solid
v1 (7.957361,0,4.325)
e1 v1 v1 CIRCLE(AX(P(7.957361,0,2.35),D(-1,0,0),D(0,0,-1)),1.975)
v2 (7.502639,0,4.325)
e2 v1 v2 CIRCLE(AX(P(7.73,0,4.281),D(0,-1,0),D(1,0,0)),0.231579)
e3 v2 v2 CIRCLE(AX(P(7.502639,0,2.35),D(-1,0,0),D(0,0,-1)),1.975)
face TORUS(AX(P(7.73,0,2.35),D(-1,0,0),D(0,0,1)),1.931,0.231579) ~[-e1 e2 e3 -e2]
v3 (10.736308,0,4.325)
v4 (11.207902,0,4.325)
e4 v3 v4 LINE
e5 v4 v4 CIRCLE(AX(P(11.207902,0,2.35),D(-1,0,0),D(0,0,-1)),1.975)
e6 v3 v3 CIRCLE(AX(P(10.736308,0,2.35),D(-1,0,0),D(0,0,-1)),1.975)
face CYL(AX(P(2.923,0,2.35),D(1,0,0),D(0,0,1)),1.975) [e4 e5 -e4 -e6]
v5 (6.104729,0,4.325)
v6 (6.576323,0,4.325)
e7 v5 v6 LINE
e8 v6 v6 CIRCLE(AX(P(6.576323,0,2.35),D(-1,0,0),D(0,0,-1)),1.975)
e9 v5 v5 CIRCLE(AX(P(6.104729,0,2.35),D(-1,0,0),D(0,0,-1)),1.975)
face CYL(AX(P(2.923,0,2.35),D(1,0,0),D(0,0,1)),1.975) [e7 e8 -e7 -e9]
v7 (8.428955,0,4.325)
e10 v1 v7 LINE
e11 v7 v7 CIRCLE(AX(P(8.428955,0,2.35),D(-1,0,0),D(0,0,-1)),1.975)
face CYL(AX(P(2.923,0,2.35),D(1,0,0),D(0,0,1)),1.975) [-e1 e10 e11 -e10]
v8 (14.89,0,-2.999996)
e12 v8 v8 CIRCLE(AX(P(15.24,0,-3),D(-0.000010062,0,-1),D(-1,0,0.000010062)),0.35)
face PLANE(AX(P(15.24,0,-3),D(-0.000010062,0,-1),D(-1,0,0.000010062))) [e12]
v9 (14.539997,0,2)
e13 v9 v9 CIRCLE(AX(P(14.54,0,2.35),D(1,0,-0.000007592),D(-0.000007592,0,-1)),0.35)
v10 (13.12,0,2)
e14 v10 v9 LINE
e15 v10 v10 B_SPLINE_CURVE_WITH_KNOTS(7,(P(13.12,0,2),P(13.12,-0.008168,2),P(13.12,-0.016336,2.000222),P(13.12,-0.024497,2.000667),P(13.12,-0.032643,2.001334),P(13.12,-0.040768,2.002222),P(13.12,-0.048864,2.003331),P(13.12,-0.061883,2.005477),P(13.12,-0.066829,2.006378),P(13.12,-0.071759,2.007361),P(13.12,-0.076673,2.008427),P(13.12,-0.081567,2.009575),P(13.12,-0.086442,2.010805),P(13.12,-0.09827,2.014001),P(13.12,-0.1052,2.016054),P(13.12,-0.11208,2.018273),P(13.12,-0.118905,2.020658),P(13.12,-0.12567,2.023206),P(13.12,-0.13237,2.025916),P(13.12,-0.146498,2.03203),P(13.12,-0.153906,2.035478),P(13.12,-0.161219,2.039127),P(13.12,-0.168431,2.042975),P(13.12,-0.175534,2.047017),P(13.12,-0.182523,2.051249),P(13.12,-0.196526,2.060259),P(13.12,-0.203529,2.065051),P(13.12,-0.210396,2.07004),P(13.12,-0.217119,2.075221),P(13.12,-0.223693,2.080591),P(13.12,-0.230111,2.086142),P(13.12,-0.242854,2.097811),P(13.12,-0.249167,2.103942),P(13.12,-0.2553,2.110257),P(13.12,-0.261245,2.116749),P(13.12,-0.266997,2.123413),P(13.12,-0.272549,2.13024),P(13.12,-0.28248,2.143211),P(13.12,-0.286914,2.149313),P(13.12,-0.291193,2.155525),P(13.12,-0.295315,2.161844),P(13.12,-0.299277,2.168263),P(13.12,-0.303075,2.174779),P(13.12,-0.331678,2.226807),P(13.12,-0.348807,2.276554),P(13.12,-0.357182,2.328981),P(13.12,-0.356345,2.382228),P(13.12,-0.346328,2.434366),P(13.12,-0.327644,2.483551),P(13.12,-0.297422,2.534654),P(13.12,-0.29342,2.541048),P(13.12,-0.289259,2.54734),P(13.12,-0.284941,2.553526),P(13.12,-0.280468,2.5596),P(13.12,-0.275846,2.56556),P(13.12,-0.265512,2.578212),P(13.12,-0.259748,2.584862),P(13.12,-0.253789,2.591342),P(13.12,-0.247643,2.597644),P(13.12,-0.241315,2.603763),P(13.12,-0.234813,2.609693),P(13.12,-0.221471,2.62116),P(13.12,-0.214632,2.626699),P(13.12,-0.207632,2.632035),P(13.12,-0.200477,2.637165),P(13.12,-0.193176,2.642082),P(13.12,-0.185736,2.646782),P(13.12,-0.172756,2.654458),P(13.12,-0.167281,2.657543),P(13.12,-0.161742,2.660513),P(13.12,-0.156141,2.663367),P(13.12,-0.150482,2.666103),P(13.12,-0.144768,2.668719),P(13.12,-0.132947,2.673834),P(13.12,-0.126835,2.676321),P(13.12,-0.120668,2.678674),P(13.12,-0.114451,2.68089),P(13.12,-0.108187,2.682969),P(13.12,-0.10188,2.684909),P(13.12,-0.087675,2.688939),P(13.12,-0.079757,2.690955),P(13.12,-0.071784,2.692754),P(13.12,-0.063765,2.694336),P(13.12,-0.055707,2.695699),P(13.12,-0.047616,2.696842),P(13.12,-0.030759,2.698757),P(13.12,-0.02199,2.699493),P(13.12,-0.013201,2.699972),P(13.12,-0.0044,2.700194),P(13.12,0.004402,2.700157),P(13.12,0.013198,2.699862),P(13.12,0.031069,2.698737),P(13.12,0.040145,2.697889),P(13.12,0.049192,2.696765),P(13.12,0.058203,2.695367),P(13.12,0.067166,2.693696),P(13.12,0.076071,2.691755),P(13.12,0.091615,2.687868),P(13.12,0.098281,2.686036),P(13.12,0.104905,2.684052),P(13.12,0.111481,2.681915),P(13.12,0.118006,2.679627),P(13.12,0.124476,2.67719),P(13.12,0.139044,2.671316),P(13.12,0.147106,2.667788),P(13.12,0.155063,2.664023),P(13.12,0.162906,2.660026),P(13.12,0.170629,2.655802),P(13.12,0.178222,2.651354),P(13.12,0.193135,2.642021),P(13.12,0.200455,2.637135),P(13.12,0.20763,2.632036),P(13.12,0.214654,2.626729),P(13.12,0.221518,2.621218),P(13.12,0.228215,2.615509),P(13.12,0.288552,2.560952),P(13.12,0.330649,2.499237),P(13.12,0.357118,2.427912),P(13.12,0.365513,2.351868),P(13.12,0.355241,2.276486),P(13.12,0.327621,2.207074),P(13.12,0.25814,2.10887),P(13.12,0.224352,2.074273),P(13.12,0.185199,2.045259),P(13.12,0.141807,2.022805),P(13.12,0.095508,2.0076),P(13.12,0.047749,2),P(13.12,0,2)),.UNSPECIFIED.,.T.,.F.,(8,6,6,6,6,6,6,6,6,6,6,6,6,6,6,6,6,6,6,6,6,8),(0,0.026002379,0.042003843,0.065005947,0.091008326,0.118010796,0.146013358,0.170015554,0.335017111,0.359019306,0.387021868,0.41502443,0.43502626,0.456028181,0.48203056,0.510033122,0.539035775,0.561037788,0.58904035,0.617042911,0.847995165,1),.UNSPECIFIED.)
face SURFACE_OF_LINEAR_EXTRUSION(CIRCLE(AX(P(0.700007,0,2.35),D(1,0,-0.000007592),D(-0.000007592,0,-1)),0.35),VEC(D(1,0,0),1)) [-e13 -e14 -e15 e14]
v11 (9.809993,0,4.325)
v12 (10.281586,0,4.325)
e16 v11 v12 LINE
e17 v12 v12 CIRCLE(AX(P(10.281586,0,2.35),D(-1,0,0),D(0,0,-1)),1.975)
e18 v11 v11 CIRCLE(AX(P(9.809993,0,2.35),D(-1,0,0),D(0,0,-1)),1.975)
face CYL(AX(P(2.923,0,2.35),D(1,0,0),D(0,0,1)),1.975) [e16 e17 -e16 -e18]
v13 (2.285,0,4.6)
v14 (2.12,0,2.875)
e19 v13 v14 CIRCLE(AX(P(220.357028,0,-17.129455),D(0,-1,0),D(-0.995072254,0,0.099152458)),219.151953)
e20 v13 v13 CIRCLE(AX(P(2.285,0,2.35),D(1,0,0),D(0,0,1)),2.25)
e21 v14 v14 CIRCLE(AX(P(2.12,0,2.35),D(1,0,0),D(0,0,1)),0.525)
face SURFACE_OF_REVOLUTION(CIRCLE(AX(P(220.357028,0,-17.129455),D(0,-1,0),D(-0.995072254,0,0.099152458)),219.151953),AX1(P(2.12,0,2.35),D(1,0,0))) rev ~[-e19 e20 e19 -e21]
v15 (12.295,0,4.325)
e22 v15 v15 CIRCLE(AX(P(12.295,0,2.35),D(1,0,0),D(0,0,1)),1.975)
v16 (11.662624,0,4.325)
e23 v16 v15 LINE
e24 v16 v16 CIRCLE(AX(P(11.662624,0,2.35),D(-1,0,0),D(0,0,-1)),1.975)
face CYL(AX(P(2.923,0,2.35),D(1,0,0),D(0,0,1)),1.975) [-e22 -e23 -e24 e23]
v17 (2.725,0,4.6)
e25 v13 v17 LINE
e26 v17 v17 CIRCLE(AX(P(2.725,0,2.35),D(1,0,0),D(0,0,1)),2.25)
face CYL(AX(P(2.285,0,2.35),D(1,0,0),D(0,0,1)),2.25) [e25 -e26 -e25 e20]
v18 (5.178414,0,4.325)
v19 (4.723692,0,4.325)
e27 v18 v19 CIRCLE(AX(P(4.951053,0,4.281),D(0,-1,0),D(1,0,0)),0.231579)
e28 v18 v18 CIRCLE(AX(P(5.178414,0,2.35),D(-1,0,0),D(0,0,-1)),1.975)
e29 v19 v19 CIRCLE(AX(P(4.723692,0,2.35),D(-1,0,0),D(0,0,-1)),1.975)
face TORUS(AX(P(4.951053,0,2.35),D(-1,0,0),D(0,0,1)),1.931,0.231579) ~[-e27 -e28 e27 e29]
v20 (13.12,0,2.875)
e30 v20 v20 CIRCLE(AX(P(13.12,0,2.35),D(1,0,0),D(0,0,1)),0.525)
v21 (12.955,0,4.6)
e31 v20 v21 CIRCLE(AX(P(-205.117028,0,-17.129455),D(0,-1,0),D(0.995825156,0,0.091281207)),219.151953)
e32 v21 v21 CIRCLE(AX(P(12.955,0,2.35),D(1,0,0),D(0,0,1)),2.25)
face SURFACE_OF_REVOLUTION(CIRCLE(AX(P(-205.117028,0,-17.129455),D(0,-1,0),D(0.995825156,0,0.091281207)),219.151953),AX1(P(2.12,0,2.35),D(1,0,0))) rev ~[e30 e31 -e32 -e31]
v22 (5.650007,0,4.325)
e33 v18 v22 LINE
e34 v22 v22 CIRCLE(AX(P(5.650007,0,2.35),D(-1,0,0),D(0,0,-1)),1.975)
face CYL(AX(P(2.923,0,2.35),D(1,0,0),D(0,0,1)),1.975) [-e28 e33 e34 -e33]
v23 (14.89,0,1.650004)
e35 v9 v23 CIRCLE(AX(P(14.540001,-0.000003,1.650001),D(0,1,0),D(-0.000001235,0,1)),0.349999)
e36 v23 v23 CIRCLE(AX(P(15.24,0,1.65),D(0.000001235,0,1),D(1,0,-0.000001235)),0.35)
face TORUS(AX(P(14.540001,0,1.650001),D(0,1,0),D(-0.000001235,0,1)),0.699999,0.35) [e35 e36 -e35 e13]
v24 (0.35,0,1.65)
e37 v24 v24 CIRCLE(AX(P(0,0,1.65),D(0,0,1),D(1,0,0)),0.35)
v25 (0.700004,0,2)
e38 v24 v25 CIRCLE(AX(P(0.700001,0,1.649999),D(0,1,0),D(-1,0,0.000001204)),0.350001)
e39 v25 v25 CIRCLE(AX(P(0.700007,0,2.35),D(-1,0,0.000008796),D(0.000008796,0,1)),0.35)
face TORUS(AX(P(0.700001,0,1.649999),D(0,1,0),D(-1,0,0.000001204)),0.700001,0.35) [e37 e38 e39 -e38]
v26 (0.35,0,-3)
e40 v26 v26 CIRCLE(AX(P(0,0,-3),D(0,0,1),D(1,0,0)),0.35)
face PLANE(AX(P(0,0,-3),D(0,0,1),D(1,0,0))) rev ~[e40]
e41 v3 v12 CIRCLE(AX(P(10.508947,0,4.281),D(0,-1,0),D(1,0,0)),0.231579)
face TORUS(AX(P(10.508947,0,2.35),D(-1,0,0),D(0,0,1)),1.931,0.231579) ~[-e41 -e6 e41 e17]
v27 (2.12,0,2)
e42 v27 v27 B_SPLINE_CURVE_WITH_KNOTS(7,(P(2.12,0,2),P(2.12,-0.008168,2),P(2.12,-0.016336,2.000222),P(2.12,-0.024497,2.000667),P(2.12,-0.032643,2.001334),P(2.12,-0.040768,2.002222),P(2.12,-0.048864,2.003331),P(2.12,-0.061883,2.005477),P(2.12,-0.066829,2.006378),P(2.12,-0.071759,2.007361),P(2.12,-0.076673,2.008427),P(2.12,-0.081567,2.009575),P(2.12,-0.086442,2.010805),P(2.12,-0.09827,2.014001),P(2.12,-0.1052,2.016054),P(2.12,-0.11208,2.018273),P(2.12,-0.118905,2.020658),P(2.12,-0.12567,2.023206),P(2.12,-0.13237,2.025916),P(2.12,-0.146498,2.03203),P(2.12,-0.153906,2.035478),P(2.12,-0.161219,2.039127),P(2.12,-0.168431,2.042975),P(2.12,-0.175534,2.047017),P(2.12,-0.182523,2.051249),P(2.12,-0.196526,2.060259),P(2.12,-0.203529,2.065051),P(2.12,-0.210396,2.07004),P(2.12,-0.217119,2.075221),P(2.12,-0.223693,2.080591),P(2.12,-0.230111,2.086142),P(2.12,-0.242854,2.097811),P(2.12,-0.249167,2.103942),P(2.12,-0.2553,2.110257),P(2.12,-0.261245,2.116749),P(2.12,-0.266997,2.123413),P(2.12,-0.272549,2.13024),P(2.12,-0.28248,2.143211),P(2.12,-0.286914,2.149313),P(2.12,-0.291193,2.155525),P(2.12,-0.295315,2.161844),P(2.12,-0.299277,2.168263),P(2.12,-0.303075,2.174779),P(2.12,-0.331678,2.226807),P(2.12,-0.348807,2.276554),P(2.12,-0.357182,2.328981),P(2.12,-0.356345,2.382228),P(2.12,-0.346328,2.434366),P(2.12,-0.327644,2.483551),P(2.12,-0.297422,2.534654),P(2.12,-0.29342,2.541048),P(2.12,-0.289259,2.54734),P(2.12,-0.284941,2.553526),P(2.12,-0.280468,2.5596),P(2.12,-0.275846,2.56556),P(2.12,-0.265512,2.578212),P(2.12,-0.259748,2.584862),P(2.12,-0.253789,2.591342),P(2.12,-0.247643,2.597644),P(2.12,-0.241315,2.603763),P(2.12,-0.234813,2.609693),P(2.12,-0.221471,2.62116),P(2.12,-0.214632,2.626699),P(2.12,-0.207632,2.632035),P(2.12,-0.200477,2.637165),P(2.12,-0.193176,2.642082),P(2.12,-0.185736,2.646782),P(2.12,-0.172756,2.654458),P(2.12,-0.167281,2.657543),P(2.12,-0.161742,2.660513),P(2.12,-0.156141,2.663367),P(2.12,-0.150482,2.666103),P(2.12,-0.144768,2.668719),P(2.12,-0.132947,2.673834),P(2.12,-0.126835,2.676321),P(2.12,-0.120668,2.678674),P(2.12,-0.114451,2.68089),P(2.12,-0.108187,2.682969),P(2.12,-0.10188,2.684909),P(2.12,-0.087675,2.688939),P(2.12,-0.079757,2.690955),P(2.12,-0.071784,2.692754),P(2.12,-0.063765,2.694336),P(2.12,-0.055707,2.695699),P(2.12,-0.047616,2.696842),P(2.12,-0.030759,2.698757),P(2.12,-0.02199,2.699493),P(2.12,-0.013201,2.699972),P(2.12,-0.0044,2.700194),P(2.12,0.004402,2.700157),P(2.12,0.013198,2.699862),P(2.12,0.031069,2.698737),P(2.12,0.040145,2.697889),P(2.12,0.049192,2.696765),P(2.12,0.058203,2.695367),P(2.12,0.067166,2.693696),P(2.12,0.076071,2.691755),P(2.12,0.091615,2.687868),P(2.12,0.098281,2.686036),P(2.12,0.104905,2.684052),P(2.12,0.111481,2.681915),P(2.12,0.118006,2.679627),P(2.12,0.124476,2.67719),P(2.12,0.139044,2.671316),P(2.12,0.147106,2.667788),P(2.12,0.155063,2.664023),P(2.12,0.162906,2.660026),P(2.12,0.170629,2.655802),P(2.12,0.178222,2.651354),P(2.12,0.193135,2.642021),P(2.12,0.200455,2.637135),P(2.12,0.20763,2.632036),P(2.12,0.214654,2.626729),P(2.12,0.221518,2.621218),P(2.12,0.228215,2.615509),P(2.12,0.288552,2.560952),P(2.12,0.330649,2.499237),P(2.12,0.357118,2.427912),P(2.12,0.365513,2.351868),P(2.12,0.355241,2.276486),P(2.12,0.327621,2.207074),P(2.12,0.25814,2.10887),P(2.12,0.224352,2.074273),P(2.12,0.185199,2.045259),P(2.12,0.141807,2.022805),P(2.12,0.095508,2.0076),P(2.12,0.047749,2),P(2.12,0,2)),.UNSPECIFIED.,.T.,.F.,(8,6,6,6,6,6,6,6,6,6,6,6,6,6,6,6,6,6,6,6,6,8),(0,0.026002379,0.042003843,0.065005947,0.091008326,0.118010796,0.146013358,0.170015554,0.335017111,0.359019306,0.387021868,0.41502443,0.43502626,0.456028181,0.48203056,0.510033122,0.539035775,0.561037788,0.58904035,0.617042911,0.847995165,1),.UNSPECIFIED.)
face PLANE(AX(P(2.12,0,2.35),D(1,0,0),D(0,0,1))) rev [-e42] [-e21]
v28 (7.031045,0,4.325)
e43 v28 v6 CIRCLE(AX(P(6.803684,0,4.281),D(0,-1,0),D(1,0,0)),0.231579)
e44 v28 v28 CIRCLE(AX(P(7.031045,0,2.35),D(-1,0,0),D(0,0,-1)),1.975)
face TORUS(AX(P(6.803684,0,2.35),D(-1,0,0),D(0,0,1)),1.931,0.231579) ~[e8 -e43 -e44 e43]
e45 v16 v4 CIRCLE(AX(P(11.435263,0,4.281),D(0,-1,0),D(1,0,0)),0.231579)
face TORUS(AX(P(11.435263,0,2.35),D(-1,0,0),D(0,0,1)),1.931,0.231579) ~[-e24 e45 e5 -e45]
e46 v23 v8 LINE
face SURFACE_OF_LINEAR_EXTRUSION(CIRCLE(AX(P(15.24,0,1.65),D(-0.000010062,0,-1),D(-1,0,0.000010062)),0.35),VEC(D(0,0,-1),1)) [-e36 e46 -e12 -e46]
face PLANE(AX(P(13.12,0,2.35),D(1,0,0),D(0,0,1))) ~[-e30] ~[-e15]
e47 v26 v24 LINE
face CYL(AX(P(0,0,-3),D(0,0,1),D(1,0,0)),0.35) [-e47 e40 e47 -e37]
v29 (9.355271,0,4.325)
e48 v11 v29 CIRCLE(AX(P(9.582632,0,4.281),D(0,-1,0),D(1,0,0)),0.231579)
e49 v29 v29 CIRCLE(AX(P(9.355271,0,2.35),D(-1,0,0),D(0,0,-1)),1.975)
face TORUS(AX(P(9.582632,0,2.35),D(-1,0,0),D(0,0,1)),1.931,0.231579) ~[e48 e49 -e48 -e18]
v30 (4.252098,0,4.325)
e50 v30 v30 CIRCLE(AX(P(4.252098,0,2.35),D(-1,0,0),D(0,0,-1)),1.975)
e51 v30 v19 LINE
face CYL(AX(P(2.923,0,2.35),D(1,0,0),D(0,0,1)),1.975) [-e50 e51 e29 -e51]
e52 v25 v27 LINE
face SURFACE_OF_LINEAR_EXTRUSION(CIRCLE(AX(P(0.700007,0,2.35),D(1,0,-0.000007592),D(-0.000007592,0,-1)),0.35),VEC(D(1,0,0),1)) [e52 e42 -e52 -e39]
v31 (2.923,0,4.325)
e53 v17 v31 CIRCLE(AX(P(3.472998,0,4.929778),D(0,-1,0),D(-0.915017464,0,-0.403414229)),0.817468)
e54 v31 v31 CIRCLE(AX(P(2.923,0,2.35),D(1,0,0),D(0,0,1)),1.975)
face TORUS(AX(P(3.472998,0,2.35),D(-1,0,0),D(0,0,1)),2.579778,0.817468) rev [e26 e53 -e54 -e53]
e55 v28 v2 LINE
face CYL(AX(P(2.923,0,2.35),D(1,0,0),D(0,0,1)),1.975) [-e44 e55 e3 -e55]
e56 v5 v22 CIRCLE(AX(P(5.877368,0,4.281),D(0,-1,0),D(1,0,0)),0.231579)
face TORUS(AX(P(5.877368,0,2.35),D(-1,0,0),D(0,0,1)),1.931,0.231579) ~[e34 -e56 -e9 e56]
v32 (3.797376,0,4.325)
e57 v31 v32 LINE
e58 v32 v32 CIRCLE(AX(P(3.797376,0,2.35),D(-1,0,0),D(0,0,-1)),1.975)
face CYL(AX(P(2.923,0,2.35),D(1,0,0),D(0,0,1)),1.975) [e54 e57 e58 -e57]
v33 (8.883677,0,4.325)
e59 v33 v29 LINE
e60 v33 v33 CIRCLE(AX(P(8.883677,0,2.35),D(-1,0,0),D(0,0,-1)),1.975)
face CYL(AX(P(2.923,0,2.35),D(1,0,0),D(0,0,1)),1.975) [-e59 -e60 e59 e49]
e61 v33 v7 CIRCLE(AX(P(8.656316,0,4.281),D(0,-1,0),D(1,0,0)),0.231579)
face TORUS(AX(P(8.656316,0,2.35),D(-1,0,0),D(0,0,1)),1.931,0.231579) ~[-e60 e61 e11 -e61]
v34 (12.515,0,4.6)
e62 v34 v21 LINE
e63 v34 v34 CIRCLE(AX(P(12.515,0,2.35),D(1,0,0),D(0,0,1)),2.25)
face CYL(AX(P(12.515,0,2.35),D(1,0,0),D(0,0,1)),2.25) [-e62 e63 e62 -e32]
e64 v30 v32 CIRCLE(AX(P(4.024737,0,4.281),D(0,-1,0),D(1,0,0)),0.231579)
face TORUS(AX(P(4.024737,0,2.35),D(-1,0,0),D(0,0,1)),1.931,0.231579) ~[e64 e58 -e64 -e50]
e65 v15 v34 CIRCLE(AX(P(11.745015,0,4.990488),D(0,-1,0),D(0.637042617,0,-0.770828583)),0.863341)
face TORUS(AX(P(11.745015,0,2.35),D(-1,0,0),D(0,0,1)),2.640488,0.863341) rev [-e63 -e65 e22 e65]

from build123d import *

# Parameters (mm, degrees)
SKETCH_R = 0.35


with BuildPart() as sweep_body:
    # Sweep: sweep along a path in Sketch001
    with BuildLine(Plane.XZ) as sweep_path:
        Line((0, -3), (0, 1.65))
        ThreePointArc((0, 1.65), (0.205028, 2.144977), (0.700007, 2.35))
        Line((0.700007, 2.35), (14.54, 2.35))
        ThreePointArc((14.54, 2.35), (15.034975, 2.144975), (15.24, 1.65))
        Line((15.24, 1.65), (15.24, -3))
    # Sketch → Sweep (sweep)
    with BuildSketch(Plane.XY.offset(-2)):
        Circle(SKETCH_R)
    sweep(path=sweep_path.line)


with BuildPart() as revolution:
    # Sketch002 → Revolution (revolve)
    with BuildSketch(Plane.XZ):
        with BuildLine():
            Line((2.285, 4.6), (2.725, 4.6))
            ThreePointArc((2.725, 4.6), (2.809594, 4.452128), (2.923, 4.325))
            Line((2.923, 4.325), (12.295, 4.325))
            ThreePointArc((12.295, 4.325), (12.419171, 4.451163), (12.515, 4.6))
            Line((12.515, 4.6), (12.955, 4.6))
            ThreePointArc((13.12, 2.875), (13.039205, 3.737663), (12.955, 4.6))
            Line((13.12, 2.35), (13.12, 2.875))
            Line((2.12, 2.35), (13.12, 2.35))
            Line((2.12, 2.35), (2.12, 2.875))
            ThreePointArc((2.285, 4.6), (2.200795, 3.737663), (2.12, 2.875))
        make_face()
    revolve(axis=Axis((2.12, 0, 2.35), (1, 0, 0)))


with BuildPart() as revolution001_mp_cp:
    # Sketch003 → Revolution001 (revolve)
    with BuildSketch(Plane.XZ):
        with BuildLine():
            ThreePointArc((4.256316, 4.281), (4.024737, 4.512579), (3.793158, 4.281))
            Line((3.33, 4.281), (3.793158, 4.281))
            Line((3.33, 4.281), (3.33, 3.831))
            Line((3.33, 3.831), (12.13, 3.831))
            Line((12.13, 3.831), (12.13, 4.281))
            Line((11.666842, 4.281), (12.13, 4.281))
            ThreePointArc((11.666842, 4.281), (11.435263, 4.512579), (11.203684, 4.281))
            Line((10.740526, 4.281), (11.203684, 4.281))
            ThreePointArc((10.740526, 4.281), (10.508947, 4.512579), (10.277368, 4.281))
            Line((9.814211, 4.281), (10.277368, 4.281))
            ThreePointArc((9.814211, 4.281), (9.582632, 4.512579), (9.351053, 4.281))
            Line((8.887895, 4.281), (9.351053, 4.281))
            ThreePointArc((8.887895, 4.281), (8.656316, 4.512579), (8.424737, 4.281))
            Line((7.961579, 4.281), (8.424737, 4.281))
            ThreePointArc((7.961579, 4.281), (7.73, 4.512579), (7.498421, 4.281))
            Line((7.035263, 4.281), (7.498421, 4.281))
            ThreePointArc((7.035263, 4.281), (6.803684, 4.512579), (6.572105, 4.281))
            Line((6.108947, 4.281), (6.572105, 4.281))
            ThreePointArc((6.108947, 4.281), (5.877368, 4.512579), (5.645789, 4.281))
            Line((5.182632, 4.281), (5.645789, 4.281))
            ThreePointArc((5.182632, 4.281), (4.951053, 4.512579), (4.719474, 4.281))
            Line((4.256316, 4.281), (4.719474, 4.281))
        make_face()
    revolve(axis=Axis((2.395, 0, 2.35), (1, 0, 0)))

    # Revolution001_mp_cp: union Sweep body, Revolution
    add(sweep_body.part)
    add(revolution.part)


solid = revolution001_mp_cp.part
